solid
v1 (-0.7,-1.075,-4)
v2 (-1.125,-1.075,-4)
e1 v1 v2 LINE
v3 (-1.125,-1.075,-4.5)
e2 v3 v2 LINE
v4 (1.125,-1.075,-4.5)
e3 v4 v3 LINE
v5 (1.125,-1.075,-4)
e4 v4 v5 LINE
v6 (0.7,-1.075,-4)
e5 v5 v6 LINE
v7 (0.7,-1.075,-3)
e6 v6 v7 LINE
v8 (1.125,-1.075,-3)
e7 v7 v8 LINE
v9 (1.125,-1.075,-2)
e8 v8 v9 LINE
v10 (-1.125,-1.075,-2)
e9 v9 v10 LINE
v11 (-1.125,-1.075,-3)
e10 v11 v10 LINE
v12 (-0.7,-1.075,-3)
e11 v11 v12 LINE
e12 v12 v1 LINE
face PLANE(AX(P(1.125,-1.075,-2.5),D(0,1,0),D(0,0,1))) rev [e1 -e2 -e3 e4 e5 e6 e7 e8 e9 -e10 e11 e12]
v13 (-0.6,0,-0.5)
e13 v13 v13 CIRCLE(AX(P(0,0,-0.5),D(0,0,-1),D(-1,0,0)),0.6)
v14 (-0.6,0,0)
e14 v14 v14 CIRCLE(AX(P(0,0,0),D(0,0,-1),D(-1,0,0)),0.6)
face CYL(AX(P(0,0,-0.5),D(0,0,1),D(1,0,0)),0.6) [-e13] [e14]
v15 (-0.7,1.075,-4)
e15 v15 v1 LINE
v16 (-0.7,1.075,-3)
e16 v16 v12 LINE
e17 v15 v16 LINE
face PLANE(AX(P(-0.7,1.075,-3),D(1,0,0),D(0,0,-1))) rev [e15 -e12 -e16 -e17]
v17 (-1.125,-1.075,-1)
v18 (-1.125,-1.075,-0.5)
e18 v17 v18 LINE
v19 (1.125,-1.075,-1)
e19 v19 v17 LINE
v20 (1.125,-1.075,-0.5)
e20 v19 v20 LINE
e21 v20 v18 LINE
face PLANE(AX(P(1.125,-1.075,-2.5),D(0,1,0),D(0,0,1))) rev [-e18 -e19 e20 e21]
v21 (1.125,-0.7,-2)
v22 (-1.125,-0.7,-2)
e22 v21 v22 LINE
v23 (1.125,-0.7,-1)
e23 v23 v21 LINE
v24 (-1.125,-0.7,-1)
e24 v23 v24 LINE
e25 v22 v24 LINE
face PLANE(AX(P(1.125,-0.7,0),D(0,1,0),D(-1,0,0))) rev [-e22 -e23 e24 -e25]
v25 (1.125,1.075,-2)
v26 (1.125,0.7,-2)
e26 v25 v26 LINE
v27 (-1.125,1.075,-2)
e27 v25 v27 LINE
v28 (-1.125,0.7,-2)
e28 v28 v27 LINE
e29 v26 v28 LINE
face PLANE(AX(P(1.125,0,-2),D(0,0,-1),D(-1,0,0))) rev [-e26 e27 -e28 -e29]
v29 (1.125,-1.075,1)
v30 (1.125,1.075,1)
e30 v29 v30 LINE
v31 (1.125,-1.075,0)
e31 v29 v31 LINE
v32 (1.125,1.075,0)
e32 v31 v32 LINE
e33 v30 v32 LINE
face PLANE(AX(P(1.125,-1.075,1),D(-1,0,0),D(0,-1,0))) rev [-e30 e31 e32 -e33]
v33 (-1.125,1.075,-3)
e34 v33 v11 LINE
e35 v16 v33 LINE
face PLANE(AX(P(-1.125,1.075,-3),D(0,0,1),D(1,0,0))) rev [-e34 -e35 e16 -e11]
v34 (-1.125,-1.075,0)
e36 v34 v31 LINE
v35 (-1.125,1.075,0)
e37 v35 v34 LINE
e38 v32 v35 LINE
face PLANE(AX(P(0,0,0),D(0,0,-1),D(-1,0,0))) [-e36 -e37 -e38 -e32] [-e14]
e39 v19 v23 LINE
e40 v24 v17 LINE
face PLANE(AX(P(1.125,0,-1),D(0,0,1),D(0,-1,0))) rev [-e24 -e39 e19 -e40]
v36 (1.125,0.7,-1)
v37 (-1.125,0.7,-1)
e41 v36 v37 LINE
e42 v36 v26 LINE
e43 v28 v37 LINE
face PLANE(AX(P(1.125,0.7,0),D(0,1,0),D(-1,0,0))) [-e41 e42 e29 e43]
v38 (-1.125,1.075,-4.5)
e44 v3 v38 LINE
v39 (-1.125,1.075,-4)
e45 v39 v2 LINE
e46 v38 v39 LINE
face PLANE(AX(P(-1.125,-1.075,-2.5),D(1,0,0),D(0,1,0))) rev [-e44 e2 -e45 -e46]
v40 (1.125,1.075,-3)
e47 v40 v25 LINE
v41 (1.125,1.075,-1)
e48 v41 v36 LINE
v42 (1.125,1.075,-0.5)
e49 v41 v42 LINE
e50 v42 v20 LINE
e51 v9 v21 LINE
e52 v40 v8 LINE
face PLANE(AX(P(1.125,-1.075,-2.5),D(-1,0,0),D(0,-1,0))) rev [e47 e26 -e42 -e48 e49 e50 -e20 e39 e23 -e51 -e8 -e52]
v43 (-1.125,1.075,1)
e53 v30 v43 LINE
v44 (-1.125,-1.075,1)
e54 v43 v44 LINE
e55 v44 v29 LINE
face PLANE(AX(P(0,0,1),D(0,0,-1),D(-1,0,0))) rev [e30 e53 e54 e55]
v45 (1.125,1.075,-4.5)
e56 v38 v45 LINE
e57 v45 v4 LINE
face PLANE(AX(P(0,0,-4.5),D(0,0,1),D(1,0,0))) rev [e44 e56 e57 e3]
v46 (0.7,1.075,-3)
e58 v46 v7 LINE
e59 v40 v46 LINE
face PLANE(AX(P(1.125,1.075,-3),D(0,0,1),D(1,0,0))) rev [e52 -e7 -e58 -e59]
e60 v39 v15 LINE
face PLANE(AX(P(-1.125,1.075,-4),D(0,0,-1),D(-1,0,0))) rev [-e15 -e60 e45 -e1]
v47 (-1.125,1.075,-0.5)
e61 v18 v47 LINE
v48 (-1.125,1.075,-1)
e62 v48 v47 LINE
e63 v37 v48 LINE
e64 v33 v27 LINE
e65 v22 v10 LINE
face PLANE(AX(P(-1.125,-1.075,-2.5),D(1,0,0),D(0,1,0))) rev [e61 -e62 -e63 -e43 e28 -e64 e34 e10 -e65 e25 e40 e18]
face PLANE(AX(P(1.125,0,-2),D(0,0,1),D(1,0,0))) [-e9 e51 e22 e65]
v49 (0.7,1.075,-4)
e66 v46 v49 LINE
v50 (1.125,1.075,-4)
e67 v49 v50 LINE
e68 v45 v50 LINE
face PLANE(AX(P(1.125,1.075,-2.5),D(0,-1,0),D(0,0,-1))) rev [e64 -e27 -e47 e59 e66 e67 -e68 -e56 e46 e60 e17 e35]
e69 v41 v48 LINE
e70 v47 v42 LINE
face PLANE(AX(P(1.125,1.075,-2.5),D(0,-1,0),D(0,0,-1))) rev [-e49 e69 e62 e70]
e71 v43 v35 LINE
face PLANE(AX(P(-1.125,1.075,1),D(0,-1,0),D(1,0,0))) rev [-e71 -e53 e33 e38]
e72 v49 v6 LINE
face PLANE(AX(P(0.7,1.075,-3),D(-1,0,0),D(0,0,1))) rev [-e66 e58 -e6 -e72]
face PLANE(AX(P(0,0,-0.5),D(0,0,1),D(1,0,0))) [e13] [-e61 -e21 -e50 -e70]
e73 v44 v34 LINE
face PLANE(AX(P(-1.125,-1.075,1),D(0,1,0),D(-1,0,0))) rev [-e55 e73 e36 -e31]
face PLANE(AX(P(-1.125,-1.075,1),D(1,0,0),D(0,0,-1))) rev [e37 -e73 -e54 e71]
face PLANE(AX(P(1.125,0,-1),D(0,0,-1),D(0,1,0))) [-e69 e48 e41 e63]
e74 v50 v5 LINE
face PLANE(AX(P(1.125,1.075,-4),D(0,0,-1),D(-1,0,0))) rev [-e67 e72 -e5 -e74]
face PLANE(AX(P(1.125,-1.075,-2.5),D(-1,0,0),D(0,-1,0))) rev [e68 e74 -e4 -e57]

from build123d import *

# Parameters (mm, degrees)
SKETCH_2_W               = 2.25
SKETCH_2_H               = 2.15
EXTRUDE_4_DEPTH          = 1
SKETCH_4_R               = 0.6
EXTRUDE_5_DEPTH          = 0.5
SKETCH_5_W               = 2.25
SKETCH_5_H               = 2.15
EXTRUDE_6_DEPTH          = 2
CUT_EXTRUDE_1_DEPTH      = 4.531023223
CUT_EXTRUDE_1_DEPTH_BACK = 4.531023223
SKETCH_6_W               = 0.5
SKETCH_6_H               = 0.375
SKETCH_7_W               = 2.25
SKETCH_7_H               = 2.15
EXTRUDE_7_DEPTH          = 2
CUT_EXTRUDE_2_DEPTH      = 6.112545843
CUT_EXTRUDE_2_DEPTH_BACK = 6.112545843
SKETCH_9_W               = 0.425
SKETCH_9_H               = 1


with BuildPart() as part:
    # 草图2 → 凸台-拉伸4 (new body)
    with BuildSketch(Plane.XY):
        Rectangle(SKETCH_2_W, SKETCH_2_H)
    extrude(amount=EXTRUDE_4_DEPTH)

    # 草图4 → 凸台-拉伸5 (add)
    with BuildSketch(Plane(origin=(0, 0, 0), x_dir=(-1, 0, 0), z_dir=(0, 0, -1))):
        Circle(SKETCH_4_R)
    extrude(amount=EXTRUDE_5_DEPTH)

    # 草图5 → 凸台-拉伸6 (add)
    with BuildSketch(Plane(origin=(0, 0, -0.5), x_dir=(-1, 0, 0), z_dir=(0, 0, -1))):
        Rectangle(SKETCH_5_W, SKETCH_5_H)
    extrude(amount=EXTRUDE_6_DEPTH)

    # 草图6 → 切除-拉伸1 (cut, two sides: drawn at the far end of the back side and taken through both)
    with BuildSketch(Plane.ZY.offset(1.125).offset(-CUT_EXTRUDE_1_DEPTH_BACK)):
        with Locations((-1.75, -0.8875)):
            Rectangle(SKETCH_6_W, SKETCH_6_H)
        with Locations((-1.25, -0.8875)):
            Rectangle(SKETCH_6_W, SKETCH_6_H)
        with Locations((-1.75, 0.8875)):
            Rectangle(SKETCH_6_W, SKETCH_6_H)
        with Locations((-1.25, 0.8875)):
            Rectangle(SKETCH_6_W, SKETCH_6_H)
    extrude(amount=CUT_EXTRUDE_1_DEPTH + CUT_EXTRUDE_1_DEPTH_BACK, mode=Mode.SUBTRACT)

    # 草图7 → 凸台-拉伸7 (add)
    with BuildSketch(Plane(origin=(0, 0, -2.5), x_dir=(-1, 0, 0), z_dir=(0, 0, -1))):
        Rectangle(SKETCH_7_W, SKETCH_7_H)
    extrude(amount=EXTRUDE_7_DEPTH)

    # 草图9 → 切除-拉伸2 (cut, two sides: drawn at the far end of the back side and taken through both)
    with BuildSketch(Plane.XZ.offset(1.075).offset(-CUT_EXTRUDE_2_DEPTH_BACK)):
        with Locations((-0.9125, -3.5)):
            Rectangle(SKETCH_9_W, SKETCH_9_H)
        with Locations((0.9125, -3.5)):
            Rectangle(SKETCH_9_W, SKETCH_9_H)
    extrude(amount=CUT_EXTRUDE_2_DEPTH + CUT_EXTRUDE_2_DEPTH_BACK, mode=Mode.SUBTRACT)


solid = part.part
